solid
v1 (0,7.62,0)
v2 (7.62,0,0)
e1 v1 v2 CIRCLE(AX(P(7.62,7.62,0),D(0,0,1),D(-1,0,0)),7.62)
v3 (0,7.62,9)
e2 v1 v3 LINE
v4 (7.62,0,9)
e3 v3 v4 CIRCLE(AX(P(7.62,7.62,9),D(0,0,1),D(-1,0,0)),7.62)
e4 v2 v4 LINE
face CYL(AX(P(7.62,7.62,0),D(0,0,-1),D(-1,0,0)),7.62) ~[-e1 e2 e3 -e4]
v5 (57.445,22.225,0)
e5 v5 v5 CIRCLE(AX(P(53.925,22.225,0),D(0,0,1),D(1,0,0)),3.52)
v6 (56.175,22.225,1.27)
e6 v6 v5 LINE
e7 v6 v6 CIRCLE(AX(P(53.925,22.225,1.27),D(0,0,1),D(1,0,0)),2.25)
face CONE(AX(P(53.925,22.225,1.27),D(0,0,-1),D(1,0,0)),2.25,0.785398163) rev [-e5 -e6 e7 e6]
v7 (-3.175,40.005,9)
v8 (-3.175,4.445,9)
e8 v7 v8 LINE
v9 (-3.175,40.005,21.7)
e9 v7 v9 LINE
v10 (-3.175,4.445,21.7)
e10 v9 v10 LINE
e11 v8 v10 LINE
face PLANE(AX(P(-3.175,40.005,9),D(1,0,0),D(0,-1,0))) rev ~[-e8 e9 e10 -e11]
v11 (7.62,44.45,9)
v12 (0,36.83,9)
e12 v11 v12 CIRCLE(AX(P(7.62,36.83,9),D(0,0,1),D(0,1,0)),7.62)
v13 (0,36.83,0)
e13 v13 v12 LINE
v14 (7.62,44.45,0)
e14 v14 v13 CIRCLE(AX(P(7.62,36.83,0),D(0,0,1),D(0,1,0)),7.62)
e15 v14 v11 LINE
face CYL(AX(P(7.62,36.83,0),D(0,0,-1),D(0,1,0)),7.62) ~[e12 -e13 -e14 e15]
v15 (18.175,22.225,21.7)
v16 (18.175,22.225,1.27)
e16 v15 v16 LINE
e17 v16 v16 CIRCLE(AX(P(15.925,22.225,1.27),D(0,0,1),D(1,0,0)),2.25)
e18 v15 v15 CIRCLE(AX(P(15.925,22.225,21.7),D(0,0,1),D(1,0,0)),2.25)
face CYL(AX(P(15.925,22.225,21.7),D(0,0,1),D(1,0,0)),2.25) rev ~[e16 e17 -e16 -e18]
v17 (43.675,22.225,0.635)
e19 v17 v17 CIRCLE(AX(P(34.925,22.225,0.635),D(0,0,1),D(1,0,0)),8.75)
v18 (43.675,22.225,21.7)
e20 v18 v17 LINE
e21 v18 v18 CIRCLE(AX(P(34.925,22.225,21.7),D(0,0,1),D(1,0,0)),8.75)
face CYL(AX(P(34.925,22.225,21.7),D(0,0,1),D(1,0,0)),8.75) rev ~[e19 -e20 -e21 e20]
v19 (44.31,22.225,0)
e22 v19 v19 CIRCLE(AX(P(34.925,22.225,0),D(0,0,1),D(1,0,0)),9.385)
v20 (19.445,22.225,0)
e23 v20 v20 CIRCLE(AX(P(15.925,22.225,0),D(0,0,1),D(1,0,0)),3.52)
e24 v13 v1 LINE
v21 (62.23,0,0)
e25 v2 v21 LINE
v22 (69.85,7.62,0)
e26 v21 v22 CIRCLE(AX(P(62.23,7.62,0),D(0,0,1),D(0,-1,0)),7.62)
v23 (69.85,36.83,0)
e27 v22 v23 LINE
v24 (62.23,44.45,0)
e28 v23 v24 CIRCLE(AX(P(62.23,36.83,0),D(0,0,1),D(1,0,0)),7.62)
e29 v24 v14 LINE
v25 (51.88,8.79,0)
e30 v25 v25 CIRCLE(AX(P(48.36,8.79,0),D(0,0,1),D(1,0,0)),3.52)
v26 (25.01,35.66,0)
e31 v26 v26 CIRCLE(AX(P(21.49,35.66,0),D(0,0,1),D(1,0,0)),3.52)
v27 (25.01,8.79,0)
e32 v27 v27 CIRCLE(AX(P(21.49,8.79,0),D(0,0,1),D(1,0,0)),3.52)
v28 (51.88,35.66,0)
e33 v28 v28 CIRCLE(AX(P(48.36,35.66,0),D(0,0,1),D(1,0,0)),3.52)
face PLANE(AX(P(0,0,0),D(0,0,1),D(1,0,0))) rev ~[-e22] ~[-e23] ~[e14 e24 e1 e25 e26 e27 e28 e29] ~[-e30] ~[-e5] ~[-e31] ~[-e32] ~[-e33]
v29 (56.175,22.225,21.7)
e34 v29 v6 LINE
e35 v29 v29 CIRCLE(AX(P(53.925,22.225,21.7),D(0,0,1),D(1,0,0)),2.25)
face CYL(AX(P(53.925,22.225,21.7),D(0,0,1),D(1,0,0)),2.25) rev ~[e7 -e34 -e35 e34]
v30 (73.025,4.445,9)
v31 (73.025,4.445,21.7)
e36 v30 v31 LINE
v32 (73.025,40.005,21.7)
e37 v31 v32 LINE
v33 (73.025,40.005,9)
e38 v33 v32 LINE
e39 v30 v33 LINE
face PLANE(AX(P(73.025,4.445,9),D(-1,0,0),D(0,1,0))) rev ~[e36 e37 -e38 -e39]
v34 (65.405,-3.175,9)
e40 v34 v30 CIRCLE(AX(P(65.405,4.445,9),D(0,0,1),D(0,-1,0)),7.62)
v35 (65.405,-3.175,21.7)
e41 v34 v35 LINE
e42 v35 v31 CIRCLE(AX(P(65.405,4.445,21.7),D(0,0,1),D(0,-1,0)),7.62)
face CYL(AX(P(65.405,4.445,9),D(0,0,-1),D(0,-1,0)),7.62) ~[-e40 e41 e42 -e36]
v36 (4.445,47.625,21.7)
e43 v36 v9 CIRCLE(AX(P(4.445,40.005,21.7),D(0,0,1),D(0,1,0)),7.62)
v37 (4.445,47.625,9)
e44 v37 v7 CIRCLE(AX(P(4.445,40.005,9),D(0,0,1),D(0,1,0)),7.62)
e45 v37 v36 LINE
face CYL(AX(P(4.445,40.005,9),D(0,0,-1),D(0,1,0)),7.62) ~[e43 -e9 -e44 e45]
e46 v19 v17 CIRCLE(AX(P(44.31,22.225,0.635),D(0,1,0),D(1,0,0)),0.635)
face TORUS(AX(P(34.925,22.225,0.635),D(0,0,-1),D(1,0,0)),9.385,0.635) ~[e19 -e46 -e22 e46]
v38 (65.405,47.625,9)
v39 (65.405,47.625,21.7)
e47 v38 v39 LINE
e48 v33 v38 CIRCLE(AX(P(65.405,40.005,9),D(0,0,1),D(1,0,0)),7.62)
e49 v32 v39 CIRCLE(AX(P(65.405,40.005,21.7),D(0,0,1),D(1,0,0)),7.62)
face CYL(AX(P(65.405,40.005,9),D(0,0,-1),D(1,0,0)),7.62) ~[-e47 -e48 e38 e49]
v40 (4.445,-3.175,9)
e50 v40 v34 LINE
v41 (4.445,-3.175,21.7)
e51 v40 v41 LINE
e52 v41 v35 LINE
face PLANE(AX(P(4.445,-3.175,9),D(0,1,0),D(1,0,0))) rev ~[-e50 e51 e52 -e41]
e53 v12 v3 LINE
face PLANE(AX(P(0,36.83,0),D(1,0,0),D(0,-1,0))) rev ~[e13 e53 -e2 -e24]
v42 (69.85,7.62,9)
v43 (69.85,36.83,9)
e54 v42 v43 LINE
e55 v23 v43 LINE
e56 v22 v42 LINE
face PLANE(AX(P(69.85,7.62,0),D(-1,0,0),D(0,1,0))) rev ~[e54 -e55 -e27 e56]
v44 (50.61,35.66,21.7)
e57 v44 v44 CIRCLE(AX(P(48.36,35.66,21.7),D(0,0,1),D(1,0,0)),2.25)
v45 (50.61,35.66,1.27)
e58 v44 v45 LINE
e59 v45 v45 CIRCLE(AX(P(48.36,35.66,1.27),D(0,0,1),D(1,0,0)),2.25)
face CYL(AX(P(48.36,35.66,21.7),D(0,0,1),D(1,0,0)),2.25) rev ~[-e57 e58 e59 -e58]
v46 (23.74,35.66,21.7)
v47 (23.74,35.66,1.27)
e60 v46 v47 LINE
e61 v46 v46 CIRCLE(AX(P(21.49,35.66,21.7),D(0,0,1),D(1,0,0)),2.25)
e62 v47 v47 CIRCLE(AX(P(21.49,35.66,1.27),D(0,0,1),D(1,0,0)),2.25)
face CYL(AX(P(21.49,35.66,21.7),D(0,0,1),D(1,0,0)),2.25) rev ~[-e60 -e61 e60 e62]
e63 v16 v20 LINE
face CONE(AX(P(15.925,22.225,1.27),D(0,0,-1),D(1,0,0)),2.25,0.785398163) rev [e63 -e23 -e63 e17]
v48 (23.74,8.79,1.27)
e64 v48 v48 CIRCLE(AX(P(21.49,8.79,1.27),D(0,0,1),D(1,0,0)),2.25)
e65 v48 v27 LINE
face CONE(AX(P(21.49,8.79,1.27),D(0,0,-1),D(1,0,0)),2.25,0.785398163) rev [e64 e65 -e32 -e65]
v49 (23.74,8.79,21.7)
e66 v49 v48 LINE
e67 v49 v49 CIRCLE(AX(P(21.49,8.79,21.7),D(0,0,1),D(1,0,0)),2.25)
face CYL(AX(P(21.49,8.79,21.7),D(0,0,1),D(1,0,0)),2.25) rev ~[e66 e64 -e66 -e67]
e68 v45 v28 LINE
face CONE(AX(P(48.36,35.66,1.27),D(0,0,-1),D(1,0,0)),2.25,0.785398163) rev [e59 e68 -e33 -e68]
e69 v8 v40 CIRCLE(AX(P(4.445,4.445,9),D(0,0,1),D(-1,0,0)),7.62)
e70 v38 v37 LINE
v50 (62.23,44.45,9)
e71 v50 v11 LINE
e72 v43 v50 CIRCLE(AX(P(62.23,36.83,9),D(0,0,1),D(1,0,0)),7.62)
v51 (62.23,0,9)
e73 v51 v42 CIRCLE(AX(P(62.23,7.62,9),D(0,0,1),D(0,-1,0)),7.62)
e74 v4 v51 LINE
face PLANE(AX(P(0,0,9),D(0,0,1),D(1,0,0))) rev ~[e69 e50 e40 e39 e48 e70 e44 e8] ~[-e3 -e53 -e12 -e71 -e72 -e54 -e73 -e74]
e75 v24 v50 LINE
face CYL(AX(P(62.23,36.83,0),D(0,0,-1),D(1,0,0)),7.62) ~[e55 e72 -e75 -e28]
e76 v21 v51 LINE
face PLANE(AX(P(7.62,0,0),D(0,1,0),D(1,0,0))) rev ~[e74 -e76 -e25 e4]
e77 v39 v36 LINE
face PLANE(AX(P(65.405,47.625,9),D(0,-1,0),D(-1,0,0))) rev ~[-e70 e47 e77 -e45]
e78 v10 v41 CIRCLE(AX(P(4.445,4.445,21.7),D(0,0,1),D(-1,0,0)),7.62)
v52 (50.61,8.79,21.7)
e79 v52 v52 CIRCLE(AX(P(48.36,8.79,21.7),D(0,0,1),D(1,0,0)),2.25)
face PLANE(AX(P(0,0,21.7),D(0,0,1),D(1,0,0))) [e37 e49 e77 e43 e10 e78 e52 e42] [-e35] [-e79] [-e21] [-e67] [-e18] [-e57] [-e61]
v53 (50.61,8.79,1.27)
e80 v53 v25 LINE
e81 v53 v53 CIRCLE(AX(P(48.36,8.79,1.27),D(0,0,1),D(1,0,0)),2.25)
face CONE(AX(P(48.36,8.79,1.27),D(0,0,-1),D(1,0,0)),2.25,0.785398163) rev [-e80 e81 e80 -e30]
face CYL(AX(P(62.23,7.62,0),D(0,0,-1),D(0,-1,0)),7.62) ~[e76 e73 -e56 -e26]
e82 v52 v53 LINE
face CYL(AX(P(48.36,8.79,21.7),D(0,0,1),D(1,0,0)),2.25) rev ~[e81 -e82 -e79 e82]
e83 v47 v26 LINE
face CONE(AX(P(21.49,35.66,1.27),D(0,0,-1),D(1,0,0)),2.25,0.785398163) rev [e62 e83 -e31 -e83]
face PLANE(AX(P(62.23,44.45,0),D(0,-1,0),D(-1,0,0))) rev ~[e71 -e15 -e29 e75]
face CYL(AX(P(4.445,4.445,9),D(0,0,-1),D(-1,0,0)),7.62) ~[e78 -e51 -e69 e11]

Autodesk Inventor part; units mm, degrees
ref_plane "YZ Plane" through (0, 0, 0) normal (1, 0, 0) x (0, 1, 0)
ref_plane "XZ Plane" through (0, 0, 0) normal (0, 1, 0) x (-1, 0, 0)
sketch "Sketch1" plane through (0, 0, 0) normal (0, 0, 1) x (1, 0, 0)
  line L0 (7.62, 0) -> (62.23, 0)
  line L1 (69.85, 7.62) -> (69.85, 36.83)
  line L2 (62.23, 44.45) -> (7.62, 44.45)
  line L3 (0, 36.83) -> (0, 7.62)
  arc A0 (7.62, 44.45) -> (0, 36.83) centre (7.62, 36.83) ccw
  arc A1 (0, 7.62) -> (7.62, 0) centre (7.62, 7.62) ccw
  arc A2 (62.23, 0) -> (69.85, 7.62) centre (62.23, 7.62) ccw
  arc A3 (69.85, 36.83) -> (62.23, 44.45) centre (62.23, 36.83) ccw
  point P0 (0, 0)
  point P1 (69.85, 44.45)
  point P2 (69.85, 0)
  point P3 (0, 44.45)
  dimension "d0" = 69.85
  dimension "d1" = 44.45
  dimension "d2" = 7.62
extrude "Extrusion1" add sketch "Sketch1" along normal blind 9
sketch "Sketch2" plane through (0, 0, 9) normal (0, 0, 1) x (1, 0, 0)
  line L0 (4.445, -3.175) -> (65.405, -3.175)
  line L1 (73.025, 4.445) -> (73.025, 40.005)
  line L2 (65.405, 47.625) -> (4.445, 47.625)
  line L3 (-3.175, 40.005) -> (-3.175, 4.445)
  arc A0 (4.445, 47.625) -> (-3.175, 40.005) centre (4.445, 40.005) ccw
  arc A1 (-3.175, 4.445) -> (4.445, -3.175) centre (4.445, 4.445) ccw
  arc A2 (65.405, -3.175) -> (73.025, 4.445) centre (65.405, 4.445) ccw
  arc A3 (73.025, 40.005) -> (65.405, 47.625) centre (65.405, 40.005) ccw
  line L4 (62.23, 44.45) -> (7.62, 44.45) construction
  line L5 (0, 36.83) -> (0, 7.62) construction
  point P0 (0, 0)
  point P1 (73.025, 47.625)
  point P2 (73.025, -3.175)
  point P3 (-3.175, 47.625)
  point P4 (34.925, 47.625)
  point P5 (34.925, 44.45)
  point P6 (-3.175, 22.225)
  point P7 (0, 22.225)
  dimension "d5" = 76.2
  dimension "d6" = 50.8
  dimension "d7" = 7.62
extrude "Extrusion2" add sketch "Sketch2" along normal blind 12.7
fillet "Fillet1" [suppressed]
sketch "Sketch3" plane through (0, 0, 21.7) normal (0, 0, 1) x (1, 0, 0)
  line L0 (65.405, 47.625) -> (4.445, 47.625) construction
  line L1 (65.405, 47.625) -> (4.445, 47.625) construction
  line L2 (-3.175, 40.005) -> (-3.175, 4.445) construction
  line L3 (-3.175, 40.005) -> (-3.175, 4.445) construction
  circle A0 centre (34.925, 22.225) radius 8.75
  circle A1 centre (34.925, 22.225) radius 19 construction
  circle A2 centre (21.49, 35.66) radius 2.25
  circle A3 centre (48.36, 35.66) radius 2.25
  circle A4 centre (15.925, 22.225) radius 2.25
  circle A5 centre (53.925, 22.225) radius 2.25
  circle A6 centre (21.49, 8.79) radius 2.25
  circle A7 centre (48.36, 8.79) radius 2.25
  line L4 (21.49, 35.66) -> (34.925, 22.225) construction
  line L5 (34.925, 22.225) -> (15.925, 22.225) construction
  point P0 (0, 0)
  point P1 (34.925, 47.625)
  point P2 (-3.175, 22.225)
  point P3 (-3.175, 22.225)
  dimension "d11" = 17.5
  dimension "d14" = 4.5
  dimension "d15" = 38
  dimension "d16" = 45
extrude "Extrusion3" cut sketch "Sketch3" against normal up to surface (21.7 mm away)
chamfer "Chamfer1" distance 1.27 angle 45 6 edges at (46.11, 35.66, 0) (19.24, 35.66, 0) (13.675, 22.225, 0) (51.675, 22.225, 0) (46.11, 8.79, 0) (19.24, 8.79, 0)
sketch "Sketch4" plane through (7.62, 0, 0) normal (0, -1, 0) x (1, 0, 0)
  point P0 (-7.62, 0)
ref_plane "Work Plane1" through (-0.635, 46.99, -50.8) normal (0, 1, 0) x (0, 0, 1)
sketch "Sketch8" plane through (0, 0, 0) normal (0, 0, -1) x (-1, 0, 0)
  point P0 (0, 0)
fillet "Fillet2" radius 0.635 1 edges at (26.175, 22.225, 0)
properties part number "2x3_Spacer_Rear_metal"
